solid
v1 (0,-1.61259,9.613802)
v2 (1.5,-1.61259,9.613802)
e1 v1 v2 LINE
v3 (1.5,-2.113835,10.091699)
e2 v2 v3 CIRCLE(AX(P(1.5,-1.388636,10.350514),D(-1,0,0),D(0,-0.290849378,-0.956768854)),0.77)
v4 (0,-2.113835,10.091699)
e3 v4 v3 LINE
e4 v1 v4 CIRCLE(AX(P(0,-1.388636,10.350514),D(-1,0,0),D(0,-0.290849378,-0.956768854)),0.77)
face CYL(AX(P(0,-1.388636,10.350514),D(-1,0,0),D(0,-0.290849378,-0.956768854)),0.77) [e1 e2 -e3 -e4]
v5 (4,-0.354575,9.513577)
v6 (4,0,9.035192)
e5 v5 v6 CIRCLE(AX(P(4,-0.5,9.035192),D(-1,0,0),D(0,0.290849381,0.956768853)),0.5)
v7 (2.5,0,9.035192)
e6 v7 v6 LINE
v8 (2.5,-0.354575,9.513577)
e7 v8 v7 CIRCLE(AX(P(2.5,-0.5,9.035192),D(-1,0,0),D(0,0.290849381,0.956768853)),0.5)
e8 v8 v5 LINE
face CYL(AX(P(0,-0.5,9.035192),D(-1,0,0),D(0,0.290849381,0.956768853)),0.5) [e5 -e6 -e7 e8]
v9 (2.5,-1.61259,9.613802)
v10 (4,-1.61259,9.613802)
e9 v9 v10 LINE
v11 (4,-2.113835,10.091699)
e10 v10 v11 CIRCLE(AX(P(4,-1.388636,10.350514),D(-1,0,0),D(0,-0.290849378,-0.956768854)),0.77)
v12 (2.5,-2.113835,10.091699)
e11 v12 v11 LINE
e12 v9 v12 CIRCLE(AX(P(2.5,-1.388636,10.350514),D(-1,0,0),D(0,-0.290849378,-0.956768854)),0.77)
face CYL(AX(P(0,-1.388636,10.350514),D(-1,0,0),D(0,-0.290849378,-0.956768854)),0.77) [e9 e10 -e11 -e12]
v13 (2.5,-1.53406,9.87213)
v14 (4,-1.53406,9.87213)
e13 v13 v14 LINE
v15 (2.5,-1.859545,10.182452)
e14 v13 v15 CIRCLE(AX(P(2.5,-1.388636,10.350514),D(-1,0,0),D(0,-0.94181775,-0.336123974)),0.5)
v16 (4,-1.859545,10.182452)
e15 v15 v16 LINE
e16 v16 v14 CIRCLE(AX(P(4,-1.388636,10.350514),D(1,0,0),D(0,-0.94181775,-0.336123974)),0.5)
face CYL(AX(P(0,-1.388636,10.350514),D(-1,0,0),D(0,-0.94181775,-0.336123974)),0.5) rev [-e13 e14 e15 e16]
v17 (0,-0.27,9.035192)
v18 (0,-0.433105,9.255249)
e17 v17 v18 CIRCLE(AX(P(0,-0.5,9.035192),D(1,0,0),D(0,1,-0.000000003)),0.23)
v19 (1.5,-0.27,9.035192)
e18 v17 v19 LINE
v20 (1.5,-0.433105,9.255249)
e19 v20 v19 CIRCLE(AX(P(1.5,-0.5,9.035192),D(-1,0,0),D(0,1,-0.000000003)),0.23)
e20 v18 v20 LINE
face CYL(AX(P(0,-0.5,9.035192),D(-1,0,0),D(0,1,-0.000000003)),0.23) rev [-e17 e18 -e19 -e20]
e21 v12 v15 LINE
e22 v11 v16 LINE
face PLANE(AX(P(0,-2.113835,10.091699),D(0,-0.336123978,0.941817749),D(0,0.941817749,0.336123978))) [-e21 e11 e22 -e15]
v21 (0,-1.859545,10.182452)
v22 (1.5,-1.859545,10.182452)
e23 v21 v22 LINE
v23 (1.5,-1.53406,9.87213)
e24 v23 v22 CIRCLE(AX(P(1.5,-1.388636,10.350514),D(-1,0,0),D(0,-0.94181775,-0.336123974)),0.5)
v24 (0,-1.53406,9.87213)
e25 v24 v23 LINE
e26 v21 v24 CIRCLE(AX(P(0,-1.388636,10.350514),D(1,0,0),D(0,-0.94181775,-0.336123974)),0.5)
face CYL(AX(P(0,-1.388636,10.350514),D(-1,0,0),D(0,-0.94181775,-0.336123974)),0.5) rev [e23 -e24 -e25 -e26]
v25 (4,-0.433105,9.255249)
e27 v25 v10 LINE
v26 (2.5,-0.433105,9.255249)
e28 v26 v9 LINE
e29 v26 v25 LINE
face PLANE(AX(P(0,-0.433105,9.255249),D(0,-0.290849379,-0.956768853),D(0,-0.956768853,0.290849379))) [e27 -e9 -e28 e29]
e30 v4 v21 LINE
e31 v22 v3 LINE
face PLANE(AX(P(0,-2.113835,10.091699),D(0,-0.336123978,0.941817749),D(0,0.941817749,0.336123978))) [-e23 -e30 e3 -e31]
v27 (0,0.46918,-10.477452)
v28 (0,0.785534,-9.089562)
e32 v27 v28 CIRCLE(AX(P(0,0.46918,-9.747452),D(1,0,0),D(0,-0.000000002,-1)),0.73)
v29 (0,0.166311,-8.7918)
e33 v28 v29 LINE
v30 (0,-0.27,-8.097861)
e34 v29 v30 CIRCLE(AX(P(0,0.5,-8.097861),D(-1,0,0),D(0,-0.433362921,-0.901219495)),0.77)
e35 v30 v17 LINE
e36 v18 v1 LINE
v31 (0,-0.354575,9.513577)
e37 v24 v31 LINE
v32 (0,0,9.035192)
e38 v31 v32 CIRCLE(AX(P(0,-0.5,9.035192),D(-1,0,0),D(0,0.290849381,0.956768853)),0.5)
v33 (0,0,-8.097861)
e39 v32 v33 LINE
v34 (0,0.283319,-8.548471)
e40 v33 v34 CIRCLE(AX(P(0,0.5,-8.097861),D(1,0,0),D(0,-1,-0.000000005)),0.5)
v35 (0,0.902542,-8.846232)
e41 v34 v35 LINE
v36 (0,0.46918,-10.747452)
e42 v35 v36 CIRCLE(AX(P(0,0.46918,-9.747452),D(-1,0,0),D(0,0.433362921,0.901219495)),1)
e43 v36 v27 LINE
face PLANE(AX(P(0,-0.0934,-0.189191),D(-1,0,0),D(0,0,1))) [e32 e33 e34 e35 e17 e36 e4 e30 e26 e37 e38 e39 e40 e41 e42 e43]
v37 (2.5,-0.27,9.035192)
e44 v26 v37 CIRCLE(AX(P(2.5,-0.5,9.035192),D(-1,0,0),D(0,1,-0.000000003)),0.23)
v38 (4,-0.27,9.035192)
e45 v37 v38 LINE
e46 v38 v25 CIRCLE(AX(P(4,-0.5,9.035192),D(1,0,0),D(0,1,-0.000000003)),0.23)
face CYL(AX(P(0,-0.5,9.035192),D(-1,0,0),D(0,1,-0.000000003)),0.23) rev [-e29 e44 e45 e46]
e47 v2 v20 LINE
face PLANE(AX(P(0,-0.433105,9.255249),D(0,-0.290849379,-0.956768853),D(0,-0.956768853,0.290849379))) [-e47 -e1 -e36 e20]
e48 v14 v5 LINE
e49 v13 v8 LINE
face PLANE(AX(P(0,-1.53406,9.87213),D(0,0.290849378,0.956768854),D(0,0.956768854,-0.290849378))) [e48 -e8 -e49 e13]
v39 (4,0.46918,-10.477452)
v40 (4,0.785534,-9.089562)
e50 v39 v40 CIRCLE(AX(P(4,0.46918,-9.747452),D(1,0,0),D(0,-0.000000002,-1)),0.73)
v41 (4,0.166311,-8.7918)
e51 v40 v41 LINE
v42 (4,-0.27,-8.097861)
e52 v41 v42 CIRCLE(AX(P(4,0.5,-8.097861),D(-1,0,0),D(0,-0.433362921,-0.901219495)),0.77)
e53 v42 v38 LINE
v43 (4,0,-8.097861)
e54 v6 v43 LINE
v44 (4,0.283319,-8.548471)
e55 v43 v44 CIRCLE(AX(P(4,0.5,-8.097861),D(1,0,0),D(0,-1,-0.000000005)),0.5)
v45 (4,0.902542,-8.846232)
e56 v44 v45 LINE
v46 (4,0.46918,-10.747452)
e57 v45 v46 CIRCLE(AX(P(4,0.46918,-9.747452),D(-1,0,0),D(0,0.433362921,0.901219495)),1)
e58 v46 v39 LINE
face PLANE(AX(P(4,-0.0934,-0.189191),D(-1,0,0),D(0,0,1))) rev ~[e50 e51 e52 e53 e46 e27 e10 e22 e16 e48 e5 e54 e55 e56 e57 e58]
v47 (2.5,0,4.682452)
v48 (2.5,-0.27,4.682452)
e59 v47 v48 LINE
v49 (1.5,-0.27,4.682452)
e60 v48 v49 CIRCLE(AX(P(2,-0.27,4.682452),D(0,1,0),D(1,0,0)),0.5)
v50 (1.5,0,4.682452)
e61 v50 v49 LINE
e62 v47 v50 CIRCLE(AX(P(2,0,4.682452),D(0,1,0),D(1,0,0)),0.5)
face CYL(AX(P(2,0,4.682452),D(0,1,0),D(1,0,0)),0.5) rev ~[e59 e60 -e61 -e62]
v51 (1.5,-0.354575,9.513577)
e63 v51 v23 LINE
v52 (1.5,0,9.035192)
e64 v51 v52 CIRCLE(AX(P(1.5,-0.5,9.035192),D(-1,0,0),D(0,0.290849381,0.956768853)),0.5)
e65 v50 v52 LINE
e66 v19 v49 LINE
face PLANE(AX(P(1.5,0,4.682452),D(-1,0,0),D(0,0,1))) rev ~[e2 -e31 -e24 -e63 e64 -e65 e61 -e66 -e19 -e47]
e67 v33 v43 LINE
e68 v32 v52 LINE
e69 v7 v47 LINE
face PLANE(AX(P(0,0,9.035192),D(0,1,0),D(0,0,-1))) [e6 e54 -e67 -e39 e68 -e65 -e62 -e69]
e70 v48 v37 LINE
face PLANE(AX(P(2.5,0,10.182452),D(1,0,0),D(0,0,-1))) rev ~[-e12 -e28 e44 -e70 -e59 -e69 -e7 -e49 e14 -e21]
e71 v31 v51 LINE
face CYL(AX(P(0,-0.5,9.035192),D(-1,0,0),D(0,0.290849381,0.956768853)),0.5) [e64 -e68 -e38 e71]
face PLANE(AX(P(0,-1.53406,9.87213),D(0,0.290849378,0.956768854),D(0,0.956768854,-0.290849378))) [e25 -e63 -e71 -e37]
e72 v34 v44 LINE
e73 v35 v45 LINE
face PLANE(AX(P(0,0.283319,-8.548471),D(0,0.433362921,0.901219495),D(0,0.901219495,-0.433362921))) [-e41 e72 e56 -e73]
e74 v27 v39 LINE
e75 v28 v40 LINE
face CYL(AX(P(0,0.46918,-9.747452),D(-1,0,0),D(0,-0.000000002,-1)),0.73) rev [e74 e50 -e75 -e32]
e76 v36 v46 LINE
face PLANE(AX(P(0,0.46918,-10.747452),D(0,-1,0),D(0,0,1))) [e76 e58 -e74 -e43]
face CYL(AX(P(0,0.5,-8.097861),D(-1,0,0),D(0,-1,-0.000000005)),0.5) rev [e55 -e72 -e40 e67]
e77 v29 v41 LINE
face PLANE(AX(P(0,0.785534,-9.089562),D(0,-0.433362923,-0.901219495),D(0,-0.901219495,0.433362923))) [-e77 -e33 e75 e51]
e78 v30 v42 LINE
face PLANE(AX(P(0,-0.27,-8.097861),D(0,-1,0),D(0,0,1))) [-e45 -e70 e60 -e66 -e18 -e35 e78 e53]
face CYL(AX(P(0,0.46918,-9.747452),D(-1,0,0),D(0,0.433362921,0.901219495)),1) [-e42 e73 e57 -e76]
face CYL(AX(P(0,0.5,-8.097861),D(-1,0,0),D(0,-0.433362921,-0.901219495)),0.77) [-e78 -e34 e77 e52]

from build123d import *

# Parameters (mm, degrees)
BOSS_EXTRUDE1_DEPTH = 4
CUT_EXTRUDE1_DEPTH  = 4.15


with BuildPart() as part:
    # Sketch1 → Boss-Extrude1 (new body)
    with BuildSketch(Plane(origin=(0, 0, 0), x_dir=(0, 0, -1), z_dir=(1, 0, 0))):
        with BuildLine():
            Line((-9.035192226, 0), (8.097860886, 0))
            ThreePointArc((8.097860886, 0), (8.363999261, 0.076714795), (8.548470634, 0.283318539))
            Line((8.548470634, 0.283318539), (8.84623237, 0.902542447))
            ThreePointArc((8.84623237, 0.902542447), (9.969691043, 1.444171704), (10.747451865, 0.469179525))
            Line((10.747451865, 0.469179525), (10.477451865, 0.469179525))
            ThreePointArc((10.477451865, 0.469179525), (9.909686465, 1.180923816), (9.089561634, 0.785534458))
            Line((9.089561634, 0.785534458), (8.791799897, 0.166310551))
            ThreePointArc((8.791799897, 0.166310551), (8.507713984, -0.151859216), (8.097860886, -0.27))
            Line((8.097860886, -0.27), (-9.035192226, -0.27))
            ThreePointArc((-9.035192226, -0.27), (-9.172148547, -0.315221846), (-9.255249062, -0.433104643))
            Line((-9.255249062, -0.433104643), (-9.613802226, -1.612589711))
            ThreePointArc((-9.613802226, -1.612589711), (-9.79321671, -1.919973115), (-10.091698781, -2.113835356))
            Line((-10.091698781, -2.113835356), (-10.182452255, -1.859544564))
            ThreePointArc((-10.182452255, -1.859544564), (-9.988632728, -1.733659992), (-9.872129816, -1.534060379))
            Line((-9.872129816, -1.534060379), (-9.513576653, -0.354575311))
            ThreePointArc((-9.513576653, -0.354575311), (-9.332923359, -0.098308362), (-9.035192226, 0))
        make_face()
    extrude(amount=BOSS_EXTRUDE1_DEPTH)

    # Sketch2 → Cut-Extrude1 (cut)
    with BuildSketch(Plane(origin=(0, 0, 0), x_dir=(1, 0, 0), z_dir=(0, 1, 0))):
        with BuildLine():
            Line((1.5, -4.682452255), (1.5, -10.182452255))
            Line((1.5, -10.182452255), (2.5, -10.182452255))
            Line((2.5, -10.182452255), (2.5, -4.682452255))
            ThreePointArc((2.5, -4.682452255), (2, -4.182452255), (1.5, -4.682452255))
        make_face()
    extrude(amount=-CUT_EXTRUDE1_DEPTH, mode=Mode.SUBTRACT)


solid = part.part
